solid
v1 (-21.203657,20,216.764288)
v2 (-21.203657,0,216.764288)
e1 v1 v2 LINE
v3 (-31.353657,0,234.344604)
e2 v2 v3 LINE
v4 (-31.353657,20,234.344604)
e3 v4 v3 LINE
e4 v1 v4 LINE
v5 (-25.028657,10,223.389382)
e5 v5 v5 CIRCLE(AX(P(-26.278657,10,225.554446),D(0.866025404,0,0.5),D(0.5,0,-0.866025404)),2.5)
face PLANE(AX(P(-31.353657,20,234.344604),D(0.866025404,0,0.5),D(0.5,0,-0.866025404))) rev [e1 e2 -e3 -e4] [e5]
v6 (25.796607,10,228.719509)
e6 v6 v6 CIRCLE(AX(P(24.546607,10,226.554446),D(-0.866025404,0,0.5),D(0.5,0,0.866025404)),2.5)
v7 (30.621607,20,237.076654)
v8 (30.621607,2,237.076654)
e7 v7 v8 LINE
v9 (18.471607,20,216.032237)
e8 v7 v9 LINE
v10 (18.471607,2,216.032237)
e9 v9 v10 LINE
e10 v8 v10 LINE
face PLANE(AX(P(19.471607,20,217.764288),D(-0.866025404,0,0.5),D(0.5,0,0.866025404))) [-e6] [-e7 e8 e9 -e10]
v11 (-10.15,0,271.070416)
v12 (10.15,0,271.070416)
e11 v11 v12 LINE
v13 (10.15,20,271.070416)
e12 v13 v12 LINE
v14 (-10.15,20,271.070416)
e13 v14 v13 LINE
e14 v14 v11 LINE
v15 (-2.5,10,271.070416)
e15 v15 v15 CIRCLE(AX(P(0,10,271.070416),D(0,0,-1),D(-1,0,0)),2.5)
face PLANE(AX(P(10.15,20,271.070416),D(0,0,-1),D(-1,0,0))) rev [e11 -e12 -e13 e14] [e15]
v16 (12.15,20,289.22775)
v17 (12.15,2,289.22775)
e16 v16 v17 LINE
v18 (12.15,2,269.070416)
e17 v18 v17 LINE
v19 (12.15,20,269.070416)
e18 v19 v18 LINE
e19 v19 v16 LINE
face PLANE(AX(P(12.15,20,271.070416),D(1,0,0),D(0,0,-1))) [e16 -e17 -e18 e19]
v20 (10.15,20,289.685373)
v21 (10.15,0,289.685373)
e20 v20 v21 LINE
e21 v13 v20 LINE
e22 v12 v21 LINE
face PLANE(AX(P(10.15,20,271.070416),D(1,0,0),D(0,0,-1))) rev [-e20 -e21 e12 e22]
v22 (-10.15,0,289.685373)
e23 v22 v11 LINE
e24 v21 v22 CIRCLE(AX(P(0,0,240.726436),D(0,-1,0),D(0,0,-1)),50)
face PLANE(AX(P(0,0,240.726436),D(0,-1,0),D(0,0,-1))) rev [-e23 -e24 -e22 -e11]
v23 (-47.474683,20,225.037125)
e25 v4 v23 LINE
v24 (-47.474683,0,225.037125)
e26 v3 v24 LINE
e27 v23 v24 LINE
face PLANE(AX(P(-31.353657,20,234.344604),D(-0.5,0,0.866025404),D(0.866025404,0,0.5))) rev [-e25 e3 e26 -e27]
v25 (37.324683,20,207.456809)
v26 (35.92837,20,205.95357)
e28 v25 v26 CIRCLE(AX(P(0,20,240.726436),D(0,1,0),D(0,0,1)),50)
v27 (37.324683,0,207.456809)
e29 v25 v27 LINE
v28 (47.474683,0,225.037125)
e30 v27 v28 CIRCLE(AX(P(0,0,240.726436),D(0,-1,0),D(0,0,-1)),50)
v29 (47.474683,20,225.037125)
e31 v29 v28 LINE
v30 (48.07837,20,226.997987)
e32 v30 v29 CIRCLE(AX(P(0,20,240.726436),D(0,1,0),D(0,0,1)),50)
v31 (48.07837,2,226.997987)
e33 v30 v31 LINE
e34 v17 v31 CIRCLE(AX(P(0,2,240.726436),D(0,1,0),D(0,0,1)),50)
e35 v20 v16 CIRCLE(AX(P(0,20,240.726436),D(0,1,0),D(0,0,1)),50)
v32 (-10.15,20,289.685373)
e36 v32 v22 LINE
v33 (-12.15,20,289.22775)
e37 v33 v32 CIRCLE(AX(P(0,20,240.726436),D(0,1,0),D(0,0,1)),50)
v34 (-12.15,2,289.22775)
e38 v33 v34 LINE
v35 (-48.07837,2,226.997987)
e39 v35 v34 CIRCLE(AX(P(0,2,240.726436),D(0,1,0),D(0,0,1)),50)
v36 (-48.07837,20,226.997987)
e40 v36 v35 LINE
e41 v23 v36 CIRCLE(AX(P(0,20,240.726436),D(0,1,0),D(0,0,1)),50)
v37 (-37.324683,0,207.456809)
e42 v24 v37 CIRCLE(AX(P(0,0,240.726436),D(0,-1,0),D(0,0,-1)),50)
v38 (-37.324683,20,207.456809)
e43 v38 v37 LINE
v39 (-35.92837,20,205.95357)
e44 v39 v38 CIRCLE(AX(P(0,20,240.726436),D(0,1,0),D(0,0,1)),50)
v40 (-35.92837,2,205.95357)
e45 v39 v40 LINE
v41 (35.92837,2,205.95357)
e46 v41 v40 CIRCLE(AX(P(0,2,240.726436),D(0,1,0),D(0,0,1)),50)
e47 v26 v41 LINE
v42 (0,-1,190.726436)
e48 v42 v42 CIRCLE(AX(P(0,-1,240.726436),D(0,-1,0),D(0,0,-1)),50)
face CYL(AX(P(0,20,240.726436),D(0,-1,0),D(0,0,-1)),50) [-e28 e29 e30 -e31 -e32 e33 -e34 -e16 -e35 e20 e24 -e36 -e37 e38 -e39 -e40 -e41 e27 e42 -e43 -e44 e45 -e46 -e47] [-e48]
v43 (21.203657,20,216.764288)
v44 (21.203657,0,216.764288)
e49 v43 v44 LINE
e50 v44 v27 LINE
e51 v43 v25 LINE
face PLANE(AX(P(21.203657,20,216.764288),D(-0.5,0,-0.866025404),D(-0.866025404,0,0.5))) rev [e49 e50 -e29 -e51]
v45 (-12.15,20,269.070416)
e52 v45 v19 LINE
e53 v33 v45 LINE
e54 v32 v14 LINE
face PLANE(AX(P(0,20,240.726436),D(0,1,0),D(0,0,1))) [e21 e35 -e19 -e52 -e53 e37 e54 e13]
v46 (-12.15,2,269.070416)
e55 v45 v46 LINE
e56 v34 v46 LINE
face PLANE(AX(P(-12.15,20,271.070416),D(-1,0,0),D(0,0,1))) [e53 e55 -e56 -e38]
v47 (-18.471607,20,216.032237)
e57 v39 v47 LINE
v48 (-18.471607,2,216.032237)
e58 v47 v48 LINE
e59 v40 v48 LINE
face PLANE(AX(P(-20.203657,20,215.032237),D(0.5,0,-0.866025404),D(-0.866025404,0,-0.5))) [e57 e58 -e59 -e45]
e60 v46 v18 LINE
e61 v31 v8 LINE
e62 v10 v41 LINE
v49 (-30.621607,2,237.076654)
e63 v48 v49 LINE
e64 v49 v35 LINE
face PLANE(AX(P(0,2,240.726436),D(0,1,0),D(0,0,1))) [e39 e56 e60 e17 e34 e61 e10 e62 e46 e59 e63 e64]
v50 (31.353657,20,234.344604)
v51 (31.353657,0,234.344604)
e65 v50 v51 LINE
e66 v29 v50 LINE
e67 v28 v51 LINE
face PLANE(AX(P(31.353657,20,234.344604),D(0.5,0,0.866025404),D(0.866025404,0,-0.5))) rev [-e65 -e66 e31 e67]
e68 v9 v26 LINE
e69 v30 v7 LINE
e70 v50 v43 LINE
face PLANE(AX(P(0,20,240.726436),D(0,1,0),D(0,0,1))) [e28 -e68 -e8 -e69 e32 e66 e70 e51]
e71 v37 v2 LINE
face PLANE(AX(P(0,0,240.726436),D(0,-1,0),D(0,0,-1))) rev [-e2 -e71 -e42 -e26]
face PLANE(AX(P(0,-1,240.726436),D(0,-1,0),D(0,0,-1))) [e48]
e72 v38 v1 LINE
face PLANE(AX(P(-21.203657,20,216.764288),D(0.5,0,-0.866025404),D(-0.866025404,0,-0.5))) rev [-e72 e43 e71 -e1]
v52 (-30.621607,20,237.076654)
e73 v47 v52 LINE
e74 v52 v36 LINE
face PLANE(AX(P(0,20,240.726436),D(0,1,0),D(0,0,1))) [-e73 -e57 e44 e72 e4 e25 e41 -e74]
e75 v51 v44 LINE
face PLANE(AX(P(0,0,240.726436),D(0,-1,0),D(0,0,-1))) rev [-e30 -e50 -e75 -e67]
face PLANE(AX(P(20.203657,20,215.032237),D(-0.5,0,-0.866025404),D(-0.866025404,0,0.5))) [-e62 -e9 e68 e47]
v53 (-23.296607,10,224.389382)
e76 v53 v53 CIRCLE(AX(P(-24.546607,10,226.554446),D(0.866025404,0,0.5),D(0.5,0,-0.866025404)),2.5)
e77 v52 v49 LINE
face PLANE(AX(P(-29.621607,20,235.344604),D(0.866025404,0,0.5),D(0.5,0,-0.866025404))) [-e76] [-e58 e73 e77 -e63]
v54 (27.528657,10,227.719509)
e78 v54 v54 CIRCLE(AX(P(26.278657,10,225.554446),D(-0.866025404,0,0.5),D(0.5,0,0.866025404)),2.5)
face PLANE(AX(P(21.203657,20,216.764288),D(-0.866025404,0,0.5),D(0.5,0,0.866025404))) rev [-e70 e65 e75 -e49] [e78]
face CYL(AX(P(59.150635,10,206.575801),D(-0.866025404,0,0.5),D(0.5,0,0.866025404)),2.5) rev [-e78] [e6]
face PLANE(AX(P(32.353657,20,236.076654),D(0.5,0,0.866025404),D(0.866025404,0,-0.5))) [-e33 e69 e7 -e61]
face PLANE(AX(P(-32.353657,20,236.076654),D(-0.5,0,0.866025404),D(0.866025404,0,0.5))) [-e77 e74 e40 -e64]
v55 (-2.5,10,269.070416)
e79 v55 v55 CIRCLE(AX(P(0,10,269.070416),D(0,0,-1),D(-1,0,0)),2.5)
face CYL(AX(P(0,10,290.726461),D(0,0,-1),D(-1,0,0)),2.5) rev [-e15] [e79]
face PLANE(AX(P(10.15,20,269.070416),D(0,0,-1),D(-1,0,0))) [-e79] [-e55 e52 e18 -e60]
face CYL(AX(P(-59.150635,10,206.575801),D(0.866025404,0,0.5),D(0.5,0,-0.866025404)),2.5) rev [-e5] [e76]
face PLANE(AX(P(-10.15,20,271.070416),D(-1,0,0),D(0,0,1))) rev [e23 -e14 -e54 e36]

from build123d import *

# Parameters (mm, degrees)
BOSS_EXTRUDE1_DEPTH = 20
SHELL1_T            = -2
BOSS_EXTRUDE2_START = 1
SKETCH2_R           = 50
BOSS_EXTRUDE2_DEPTH = 1
SKETCH3_R           = 2.5
CUT_EXTRUDE1_DEPTH  = 96.067235106
CIRPATTERN1_COUNT   = 3


with BuildPart() as part:
    # Sketch1 → Boss-Extrude1 (new body)
    with BuildSketch(Plane(origin=(0, 0, 0), x_dir=(1, 0, 0), z_dir=(0, 1, 0))):
        with BuildLine():
            Line((-31.353657468, -234.344603511), (-21.203657468, -216.764287814))
            Line((-21.203657468, -216.764287814), (-37.324683077, -207.456809339))
            ThreePointArc((-37.324683077, -207.456809339), (0, -190.726435625), (37.324683077, -207.456809339))
            Line((37.324683077, -207.456809339), (21.203657468, -216.764287814))
            Line((21.203657468, -216.764287814), (31.353657468, -234.344603511))
            Line((31.353657468, -234.344603511), (47.474683077, -225.037125036))
            ThreePointArc((47.474683077, -225.037125036), (43.301270189, -265.726435625), (10.15, -289.685372501))
            Line((10.15, -289.685372501), (10.15, -271.070415552))
            Line((10.15, -271.070415552), (-10.15, -271.070415552))
            Line((-10.15, -271.070415552), (-10.15, -289.685372501))
            ThreePointArc((-10.15, -289.685372501), (-43.301270189, -265.726435625), (-47.474683077, -225.037125036))
            Line((-47.474683077, -225.037125036), (-31.353657468, -234.344603511))
        make_face()
    extrude(amount=BOSS_EXTRUDE1_DEPTH)

    # Shell1
    shell1_openings = [part.faces().sort_by_distance(p)[0] for p in [
        (0, 20, 240.726435625),
        (0, 10, 190.726435625),
        (43.301270189, 10, 265.726435625),
        (-43.301270189, 10, 265.726435625),
    ]]
    offset(amount=SHELL1_T, openings=shell1_openings, kind=Kind.INTERSECTION)

    # Sketch2 → Boss-Extrude2 (add)
    with BuildSketch(Plane.XZ.offset(BOSS_EXTRUDE2_START)):
        with Locations(Location((0, 240.726435625, 0), (0, 0, 270))):
            Circle(SKETCH2_R)
    extrude(amount=-BOSS_EXTRUDE2_DEPTH)

    # Sketch3 → Cut-Extrude1 (cut, through all)
    with BuildSketch(Plane(origin=(0, 0, 269.070415552), x_dir=(-1, 0, 0), z_dir=(0, 0, -1))):
        with Locations((0, 10)):
            Circle(SKETCH3_R)
    cut_extrude1 = extrude(amount=-CUT_EXTRUDE1_DEPTH, mode=Mode.SUBTRACT)

    # CirPattern1: Cut-Extrude1 ×3 about axis
    cirpattern1_axis = Axis((0, 0, 240.726435625), (0, -1, 0))
    for i in range(1, CIRPATTERN1_COUNT):
        add(cut_extrude1.rotate(cirpattern1_axis, i * 360 / CIRPATTERN1_COUNT), mode=Mode.SUBTRACT)


solid = part.part
